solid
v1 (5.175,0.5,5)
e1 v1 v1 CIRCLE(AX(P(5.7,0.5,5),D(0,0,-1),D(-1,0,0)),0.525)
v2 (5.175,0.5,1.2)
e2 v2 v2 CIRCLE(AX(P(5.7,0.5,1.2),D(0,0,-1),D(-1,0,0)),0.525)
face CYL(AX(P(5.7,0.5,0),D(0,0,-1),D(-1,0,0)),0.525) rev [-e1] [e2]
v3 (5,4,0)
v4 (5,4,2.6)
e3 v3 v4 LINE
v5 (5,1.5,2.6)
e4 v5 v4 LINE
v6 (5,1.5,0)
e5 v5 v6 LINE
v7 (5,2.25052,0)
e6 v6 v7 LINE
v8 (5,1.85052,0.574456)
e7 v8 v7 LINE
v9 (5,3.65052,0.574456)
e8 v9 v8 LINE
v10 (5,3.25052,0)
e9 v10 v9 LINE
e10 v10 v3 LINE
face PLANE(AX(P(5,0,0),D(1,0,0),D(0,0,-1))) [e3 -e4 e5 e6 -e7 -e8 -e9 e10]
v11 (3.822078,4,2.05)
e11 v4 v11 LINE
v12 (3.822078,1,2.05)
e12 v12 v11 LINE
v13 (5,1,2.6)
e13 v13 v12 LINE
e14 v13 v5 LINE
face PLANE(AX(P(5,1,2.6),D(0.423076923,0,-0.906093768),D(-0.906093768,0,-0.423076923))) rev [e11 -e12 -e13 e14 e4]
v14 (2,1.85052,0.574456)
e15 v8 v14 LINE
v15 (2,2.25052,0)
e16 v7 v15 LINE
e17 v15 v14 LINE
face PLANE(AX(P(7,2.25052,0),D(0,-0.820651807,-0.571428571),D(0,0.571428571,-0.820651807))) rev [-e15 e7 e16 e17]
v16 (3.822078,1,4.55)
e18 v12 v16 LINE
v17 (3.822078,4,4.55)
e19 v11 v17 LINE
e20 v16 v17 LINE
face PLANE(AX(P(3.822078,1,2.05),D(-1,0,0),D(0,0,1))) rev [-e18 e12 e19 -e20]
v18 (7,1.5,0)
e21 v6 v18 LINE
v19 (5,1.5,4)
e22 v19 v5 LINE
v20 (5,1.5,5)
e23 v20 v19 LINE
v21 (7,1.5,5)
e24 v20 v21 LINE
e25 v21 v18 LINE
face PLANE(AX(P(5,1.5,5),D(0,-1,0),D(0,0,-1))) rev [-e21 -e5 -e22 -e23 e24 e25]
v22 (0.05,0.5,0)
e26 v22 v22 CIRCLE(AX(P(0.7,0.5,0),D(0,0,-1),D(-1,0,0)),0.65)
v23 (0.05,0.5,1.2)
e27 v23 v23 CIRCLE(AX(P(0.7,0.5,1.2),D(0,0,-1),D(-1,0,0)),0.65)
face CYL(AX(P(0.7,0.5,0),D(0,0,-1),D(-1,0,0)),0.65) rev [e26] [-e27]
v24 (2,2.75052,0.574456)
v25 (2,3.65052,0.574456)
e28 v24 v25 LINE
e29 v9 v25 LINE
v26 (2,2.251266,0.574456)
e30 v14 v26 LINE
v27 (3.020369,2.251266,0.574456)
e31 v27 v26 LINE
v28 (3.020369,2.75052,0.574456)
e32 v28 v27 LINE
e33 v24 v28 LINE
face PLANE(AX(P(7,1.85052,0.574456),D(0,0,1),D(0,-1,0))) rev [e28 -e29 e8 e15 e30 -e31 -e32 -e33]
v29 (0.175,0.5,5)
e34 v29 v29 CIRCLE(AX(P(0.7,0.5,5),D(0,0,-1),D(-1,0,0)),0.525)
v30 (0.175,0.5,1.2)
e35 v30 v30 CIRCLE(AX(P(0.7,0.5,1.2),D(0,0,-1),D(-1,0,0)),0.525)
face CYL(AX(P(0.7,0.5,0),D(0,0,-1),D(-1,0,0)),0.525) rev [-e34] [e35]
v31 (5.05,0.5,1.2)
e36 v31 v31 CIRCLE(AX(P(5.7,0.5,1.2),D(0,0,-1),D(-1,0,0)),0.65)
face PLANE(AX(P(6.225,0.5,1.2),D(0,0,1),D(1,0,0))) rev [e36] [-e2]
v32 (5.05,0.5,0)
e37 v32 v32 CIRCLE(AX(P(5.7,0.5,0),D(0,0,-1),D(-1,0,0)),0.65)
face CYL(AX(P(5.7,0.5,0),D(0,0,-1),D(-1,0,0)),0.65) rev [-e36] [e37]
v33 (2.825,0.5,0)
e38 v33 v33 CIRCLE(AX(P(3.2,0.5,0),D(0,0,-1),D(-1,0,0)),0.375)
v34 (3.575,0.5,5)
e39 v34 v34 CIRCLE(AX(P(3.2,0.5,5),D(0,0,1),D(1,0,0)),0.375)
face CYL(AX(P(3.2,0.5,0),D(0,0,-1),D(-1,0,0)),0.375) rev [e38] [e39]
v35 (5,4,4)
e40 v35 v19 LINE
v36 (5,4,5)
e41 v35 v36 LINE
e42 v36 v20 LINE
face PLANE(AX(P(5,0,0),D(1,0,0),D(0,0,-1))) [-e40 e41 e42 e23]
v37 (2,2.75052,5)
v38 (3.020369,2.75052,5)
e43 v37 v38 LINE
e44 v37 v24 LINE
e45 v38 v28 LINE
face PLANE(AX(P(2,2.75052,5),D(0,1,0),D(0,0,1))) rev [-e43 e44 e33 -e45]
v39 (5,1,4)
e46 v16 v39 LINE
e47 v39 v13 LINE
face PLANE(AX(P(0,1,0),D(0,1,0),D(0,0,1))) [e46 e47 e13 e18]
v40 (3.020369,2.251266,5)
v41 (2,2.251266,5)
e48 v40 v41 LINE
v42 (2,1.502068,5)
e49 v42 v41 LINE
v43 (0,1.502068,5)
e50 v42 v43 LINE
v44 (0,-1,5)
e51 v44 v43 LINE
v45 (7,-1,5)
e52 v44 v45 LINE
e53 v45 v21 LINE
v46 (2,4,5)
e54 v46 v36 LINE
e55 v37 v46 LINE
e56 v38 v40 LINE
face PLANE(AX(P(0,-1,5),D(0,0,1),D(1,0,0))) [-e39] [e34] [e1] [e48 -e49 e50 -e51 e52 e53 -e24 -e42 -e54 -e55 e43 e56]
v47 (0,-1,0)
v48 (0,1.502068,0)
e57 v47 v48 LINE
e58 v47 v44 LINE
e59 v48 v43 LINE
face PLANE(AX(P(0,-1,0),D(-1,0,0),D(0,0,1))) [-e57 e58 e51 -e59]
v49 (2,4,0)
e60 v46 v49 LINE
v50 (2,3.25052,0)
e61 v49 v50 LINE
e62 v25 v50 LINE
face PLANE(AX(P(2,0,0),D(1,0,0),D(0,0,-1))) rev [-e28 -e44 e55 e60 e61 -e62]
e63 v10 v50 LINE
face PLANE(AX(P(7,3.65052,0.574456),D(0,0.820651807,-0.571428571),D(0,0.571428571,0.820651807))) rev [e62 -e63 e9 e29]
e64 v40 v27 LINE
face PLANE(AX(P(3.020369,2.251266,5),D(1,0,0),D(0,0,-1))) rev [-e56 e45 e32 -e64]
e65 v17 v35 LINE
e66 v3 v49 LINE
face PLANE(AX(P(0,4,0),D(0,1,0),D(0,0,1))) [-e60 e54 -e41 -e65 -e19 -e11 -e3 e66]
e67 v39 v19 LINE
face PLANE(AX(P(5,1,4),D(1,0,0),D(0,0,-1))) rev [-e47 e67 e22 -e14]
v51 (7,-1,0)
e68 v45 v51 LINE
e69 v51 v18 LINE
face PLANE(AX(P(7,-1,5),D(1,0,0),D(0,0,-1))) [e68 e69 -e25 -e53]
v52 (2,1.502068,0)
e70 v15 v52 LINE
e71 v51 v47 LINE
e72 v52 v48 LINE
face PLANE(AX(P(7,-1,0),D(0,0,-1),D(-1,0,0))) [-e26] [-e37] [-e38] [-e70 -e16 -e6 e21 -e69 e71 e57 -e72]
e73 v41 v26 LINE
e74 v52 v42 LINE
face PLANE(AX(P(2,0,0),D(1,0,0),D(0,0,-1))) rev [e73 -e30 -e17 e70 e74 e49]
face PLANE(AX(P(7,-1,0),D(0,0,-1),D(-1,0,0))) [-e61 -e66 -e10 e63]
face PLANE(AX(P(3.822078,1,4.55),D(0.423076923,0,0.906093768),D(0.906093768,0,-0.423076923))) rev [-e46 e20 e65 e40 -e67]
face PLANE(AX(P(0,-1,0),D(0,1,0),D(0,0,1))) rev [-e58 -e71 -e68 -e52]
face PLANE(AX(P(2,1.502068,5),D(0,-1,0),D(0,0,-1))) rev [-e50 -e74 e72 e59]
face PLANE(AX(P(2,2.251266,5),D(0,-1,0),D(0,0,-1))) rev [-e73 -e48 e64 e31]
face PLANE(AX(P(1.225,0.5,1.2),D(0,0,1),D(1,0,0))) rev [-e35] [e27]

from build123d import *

# Parameters (mm, degrees)
SKETCH1_W                = 7
SKETCH1_H                = 5
BOSS_EXTRUDE1_DEPTH      = 5
HOLE1_D                  = 1.05
HOLE1_CBORE_D            = 1.3
HOLE1_CBORE_DEPTH        = 1.2
SKETCH20_W               = 5
SKETCH20_H               = 2.5
CUT_EXTRUDE11_DEPTH      = 2
M1_0X0_25_TAPPED_HOLE1_D = 0.75
SKETCH37_W               = 5
SKETCH37_H               = 2.5
CUT_EXTRUDE13_DEPTH      = 2
CUT_EXTRUDE15_DEPTH      = 3
CUT_EXTRUDE16_DEPTH      = 9.124038405
SKETCH44_W               = 1.020368792
SKETCH44_H               = 0.499253319
CUT_EXTRUDE17_DEPTH      = 10.197034161


with BuildPart() as part:
    # Sketch1 → Boss-Extrude1 (new body)
    with BuildSketch(Plane(origin=(0, 4, 0), x_dir=(-1, 0, 0), z_dir=(0, 1, 0))):
        with Locations((-3.5, 2.5)):
            Rectangle(SKETCH1_W, SKETCH1_H)
    extrude(amount=-BOSS_EXTRUDE1_DEPTH)

    # Hole1 (through all)
    with Locations(Plane(origin=(0, 0, 0), x_dir=(-1, 0, 0), z_dir=(0, 0, -1))):
        with Locations((-5.7, 0.5), (-0.7, 0.5)):
            CounterBoreHole(HOLE1_D / 2, HOLE1_CBORE_D / 2, HOLE1_CBORE_DEPTH)

    # Sketch20 → Cut-Extrude11 (cut)
    with BuildSketch(Plane(origin=(7, 0, 0), x_dir=(0, 0, -1), z_dir=(1, 0, 0))):
        with Locations((-2.5, 2.75)):
            Rectangle(SKETCH20_W, SKETCH20_H)
    extrude(amount=-CUT_EXTRUDE11_DEPTH, mode=Mode.SUBTRACT)

    # M1.0x0.25 Tapped Hole1 (through all)
    with Locations(Plane(origin=(0, 0, 0), x_dir=(-1, 0, 0), z_dir=(0, 0, -1))):
        with Locations((-3.2, 0.5)):
            Hole(M1_0X0_25_TAPPED_HOLE1_D / 2)

    # Sketch37 → Cut-Extrude13 (cut)
    with BuildSketch(Plane.ZY):
        with Locations((2.5, 2.752068207)):
            Rectangle(SKETCH37_W, SKETCH37_H)
    extrude(amount=-CUT_EXTRUDE13_DEPTH, mode=Mode.SUBTRACT)

    # Sketch41 → Cut-Extrude15 (cut)
    with BuildSketch(Plane(origin=(0, 4, 0), x_dir=(1, 0, 0), z_dir=(0, 1, 0))):
        Polygon((5, -2.6), (3.822078101, -2.05), (3.822078101, -4.55), (5, -4), align=None)
    extrude(amount=-CUT_EXTRUDE15_DEPTH, mode=Mode.SUBTRACT)

    # Sketch43 → Cut-Extrude16 (cut, through all)
    with BuildSketch(Plane.ZY.offset(-2)):
        Polygon((0, 2.250519753), (0.574456265, 1.850519753), (0.574456265, 3.650519753), (0, 3.250519753), align=None)
    extrude(amount=-CUT_EXTRUDE16_DEPTH, mode=Mode.SUBTRACT)

    # Sketch44 → Cut-Extrude17 (cut, through all)
    with BuildSketch(Plane(origin=(0, 0, 0.574456265), x_dir=(-1, 0, 0), z_dir=(0, 0, -1))):
        with Locations((-2.510184396, 2.500893094)):
            Rectangle(SKETCH44_W, SKETCH44_H)
    extrude(amount=-CUT_EXTRUDE17_DEPTH, mode=Mode.SUBTRACT)


solid = part.part
